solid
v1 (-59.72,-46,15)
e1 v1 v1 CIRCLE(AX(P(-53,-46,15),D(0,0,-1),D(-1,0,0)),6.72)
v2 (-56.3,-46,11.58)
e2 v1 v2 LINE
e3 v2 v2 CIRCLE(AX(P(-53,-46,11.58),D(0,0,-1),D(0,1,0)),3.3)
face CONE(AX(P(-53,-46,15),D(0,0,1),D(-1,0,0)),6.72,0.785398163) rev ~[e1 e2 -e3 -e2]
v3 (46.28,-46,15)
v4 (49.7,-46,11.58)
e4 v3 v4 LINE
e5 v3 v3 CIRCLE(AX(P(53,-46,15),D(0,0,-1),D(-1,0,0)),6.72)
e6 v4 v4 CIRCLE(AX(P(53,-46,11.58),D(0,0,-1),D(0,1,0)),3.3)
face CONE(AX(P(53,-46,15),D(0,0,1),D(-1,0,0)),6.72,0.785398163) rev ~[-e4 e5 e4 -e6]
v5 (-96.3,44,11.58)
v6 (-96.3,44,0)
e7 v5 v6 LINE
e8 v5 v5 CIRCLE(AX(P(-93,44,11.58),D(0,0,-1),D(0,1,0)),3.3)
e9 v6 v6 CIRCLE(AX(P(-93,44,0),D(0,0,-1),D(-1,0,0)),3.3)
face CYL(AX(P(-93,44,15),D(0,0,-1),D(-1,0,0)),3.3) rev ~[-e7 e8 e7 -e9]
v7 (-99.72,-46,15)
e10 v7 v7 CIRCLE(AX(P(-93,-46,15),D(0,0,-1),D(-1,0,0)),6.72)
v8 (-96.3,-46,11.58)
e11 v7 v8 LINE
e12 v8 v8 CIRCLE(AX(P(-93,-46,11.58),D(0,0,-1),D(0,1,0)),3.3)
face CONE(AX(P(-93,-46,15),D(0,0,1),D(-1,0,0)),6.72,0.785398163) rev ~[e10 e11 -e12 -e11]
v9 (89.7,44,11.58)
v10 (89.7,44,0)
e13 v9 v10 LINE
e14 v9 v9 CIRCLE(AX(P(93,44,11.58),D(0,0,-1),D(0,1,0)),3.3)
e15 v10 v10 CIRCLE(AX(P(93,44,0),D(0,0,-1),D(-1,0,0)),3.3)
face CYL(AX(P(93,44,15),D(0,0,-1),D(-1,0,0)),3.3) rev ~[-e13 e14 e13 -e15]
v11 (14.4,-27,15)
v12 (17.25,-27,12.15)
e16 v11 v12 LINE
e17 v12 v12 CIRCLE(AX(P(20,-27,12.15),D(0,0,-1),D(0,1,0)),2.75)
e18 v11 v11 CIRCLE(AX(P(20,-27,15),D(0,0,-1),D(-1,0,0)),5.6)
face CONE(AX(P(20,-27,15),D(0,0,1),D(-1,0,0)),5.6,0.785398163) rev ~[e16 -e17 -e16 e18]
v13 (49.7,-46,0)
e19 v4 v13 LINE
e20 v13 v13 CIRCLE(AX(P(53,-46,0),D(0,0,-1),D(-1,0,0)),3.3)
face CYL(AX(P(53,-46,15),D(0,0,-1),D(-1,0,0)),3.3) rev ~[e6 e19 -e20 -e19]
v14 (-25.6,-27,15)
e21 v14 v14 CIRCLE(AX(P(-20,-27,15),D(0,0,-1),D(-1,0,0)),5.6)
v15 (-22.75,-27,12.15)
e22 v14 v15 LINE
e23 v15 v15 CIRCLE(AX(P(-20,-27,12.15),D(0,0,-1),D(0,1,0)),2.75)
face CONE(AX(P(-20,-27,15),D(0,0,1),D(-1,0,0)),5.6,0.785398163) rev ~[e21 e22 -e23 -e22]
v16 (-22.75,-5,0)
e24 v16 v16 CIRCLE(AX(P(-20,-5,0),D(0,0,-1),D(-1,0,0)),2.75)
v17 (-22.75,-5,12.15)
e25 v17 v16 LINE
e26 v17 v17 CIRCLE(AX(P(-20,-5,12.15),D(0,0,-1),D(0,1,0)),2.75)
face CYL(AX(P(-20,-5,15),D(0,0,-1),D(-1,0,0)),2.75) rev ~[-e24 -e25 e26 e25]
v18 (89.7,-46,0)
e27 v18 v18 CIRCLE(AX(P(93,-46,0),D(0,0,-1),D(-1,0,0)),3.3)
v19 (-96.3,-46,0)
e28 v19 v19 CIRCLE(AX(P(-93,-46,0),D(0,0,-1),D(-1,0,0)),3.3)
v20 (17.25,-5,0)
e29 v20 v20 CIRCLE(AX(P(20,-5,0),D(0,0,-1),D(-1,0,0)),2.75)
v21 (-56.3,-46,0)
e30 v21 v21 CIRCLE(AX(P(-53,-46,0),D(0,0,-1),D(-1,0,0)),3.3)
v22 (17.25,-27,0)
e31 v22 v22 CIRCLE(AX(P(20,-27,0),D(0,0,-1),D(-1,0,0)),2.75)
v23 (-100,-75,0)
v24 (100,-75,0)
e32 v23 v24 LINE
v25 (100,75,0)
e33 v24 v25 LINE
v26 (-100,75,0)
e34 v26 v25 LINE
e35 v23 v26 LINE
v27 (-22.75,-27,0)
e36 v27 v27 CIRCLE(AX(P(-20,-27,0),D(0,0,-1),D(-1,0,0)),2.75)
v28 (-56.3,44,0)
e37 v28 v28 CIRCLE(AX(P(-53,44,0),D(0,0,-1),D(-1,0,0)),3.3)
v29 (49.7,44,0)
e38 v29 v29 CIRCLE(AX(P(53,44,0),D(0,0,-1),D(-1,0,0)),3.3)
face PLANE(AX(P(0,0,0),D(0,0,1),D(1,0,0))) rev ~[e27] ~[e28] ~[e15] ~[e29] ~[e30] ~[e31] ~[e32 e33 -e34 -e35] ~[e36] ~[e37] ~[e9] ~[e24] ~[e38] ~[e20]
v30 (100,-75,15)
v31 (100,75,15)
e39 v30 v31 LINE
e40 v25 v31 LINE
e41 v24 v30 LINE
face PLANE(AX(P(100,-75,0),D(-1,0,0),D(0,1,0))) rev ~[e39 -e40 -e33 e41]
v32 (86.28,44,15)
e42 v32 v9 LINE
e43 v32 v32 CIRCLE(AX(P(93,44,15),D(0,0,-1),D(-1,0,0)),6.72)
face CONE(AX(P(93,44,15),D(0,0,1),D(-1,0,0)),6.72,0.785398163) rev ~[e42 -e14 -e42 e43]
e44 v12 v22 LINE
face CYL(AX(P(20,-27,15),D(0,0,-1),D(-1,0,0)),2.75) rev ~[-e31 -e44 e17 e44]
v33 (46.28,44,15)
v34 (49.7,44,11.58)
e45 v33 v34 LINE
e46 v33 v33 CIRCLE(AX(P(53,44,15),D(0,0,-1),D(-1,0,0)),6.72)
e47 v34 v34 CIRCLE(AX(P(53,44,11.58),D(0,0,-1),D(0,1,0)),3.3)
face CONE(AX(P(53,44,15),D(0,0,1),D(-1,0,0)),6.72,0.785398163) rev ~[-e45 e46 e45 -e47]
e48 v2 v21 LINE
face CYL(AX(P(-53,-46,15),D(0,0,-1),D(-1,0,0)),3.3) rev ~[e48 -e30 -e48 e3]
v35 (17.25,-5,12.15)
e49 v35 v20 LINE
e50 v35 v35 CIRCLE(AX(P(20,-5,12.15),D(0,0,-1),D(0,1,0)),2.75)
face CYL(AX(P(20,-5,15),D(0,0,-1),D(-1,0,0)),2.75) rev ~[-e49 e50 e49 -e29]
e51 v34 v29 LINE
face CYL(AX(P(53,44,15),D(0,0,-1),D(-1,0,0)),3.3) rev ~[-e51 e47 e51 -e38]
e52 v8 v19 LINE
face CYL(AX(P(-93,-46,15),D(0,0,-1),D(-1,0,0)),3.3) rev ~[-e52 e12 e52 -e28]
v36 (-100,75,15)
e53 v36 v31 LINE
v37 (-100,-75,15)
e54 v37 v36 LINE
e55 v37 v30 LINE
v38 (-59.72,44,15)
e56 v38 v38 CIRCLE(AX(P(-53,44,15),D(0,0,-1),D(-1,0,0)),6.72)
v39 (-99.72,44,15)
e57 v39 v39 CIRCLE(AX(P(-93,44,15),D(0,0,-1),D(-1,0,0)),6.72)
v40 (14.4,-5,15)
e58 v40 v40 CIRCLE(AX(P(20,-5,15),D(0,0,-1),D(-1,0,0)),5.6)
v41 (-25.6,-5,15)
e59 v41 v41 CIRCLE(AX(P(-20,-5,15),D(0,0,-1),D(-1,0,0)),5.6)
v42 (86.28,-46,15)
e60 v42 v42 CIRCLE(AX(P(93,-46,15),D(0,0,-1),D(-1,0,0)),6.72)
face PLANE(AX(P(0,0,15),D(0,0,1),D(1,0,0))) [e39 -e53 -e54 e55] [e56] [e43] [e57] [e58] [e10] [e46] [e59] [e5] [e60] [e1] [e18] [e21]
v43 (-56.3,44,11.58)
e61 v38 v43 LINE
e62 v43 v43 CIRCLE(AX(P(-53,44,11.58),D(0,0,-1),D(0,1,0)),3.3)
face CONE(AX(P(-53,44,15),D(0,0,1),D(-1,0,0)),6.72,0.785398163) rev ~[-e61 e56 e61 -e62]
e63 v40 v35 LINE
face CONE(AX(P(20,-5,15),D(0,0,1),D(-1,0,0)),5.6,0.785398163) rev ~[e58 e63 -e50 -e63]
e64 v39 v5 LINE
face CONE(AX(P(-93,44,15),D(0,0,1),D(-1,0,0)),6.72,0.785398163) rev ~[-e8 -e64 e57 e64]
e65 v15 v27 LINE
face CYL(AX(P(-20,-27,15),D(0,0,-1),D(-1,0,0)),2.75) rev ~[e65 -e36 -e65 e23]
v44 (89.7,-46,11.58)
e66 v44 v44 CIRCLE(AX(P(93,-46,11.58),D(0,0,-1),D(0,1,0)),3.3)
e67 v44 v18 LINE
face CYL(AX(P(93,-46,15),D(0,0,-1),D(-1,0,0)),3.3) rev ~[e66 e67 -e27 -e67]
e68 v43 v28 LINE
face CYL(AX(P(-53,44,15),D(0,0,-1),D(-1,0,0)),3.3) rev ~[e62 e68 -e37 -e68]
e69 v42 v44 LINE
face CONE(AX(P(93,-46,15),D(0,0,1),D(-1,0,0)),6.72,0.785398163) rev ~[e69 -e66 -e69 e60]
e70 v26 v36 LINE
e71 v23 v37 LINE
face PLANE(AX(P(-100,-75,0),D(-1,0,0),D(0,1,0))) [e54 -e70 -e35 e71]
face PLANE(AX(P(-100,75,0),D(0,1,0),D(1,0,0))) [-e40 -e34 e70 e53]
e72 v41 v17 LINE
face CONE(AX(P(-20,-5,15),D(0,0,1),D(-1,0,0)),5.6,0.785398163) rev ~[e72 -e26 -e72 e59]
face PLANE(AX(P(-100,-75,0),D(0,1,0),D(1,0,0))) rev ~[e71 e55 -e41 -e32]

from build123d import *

# Parameters (mm, degrees)
F0_W           = 200
F0_H           = 150
F1_DEPTH       = 15
F3_D           = 6.6
F3_CSINK_D     = 13.44
F3_CSINK_ANGLE = 90
F4_D           = 5.5
F4_CSINK_D     = 11.2
F4_CSINK_ANGLE = 90


with BuildPart() as f1:
    # F0 (on Top) → F1 (new body)
    with BuildSketch(Plane.XY):
        Rectangle(F0_W, F0_H)
    extrude(amount=F1_DEPTH)

    # F3 (through all)
    with Locations(Plane.XY.offset(15)):
        with Locations((-93, 44), (-53, 44), (-93, -46), (-53, -46), (53, 44), (93, 44), (53, -46), (93, -46)):
            CounterSinkHole(F3_D / 2, F3_CSINK_D / 2, counter_sink_angle=F3_CSINK_ANGLE)

    # F4 (through all)
    with Locations(Plane.XY.offset(15)):
        with Locations((-20, -27), (-20, -5), (20, -5), (20, -27)):
            CounterSinkHole(F4_D / 2, F4_CSINK_D / 2, counter_sink_angle=F4_CSINK_ANGLE)


solid = f1.part
